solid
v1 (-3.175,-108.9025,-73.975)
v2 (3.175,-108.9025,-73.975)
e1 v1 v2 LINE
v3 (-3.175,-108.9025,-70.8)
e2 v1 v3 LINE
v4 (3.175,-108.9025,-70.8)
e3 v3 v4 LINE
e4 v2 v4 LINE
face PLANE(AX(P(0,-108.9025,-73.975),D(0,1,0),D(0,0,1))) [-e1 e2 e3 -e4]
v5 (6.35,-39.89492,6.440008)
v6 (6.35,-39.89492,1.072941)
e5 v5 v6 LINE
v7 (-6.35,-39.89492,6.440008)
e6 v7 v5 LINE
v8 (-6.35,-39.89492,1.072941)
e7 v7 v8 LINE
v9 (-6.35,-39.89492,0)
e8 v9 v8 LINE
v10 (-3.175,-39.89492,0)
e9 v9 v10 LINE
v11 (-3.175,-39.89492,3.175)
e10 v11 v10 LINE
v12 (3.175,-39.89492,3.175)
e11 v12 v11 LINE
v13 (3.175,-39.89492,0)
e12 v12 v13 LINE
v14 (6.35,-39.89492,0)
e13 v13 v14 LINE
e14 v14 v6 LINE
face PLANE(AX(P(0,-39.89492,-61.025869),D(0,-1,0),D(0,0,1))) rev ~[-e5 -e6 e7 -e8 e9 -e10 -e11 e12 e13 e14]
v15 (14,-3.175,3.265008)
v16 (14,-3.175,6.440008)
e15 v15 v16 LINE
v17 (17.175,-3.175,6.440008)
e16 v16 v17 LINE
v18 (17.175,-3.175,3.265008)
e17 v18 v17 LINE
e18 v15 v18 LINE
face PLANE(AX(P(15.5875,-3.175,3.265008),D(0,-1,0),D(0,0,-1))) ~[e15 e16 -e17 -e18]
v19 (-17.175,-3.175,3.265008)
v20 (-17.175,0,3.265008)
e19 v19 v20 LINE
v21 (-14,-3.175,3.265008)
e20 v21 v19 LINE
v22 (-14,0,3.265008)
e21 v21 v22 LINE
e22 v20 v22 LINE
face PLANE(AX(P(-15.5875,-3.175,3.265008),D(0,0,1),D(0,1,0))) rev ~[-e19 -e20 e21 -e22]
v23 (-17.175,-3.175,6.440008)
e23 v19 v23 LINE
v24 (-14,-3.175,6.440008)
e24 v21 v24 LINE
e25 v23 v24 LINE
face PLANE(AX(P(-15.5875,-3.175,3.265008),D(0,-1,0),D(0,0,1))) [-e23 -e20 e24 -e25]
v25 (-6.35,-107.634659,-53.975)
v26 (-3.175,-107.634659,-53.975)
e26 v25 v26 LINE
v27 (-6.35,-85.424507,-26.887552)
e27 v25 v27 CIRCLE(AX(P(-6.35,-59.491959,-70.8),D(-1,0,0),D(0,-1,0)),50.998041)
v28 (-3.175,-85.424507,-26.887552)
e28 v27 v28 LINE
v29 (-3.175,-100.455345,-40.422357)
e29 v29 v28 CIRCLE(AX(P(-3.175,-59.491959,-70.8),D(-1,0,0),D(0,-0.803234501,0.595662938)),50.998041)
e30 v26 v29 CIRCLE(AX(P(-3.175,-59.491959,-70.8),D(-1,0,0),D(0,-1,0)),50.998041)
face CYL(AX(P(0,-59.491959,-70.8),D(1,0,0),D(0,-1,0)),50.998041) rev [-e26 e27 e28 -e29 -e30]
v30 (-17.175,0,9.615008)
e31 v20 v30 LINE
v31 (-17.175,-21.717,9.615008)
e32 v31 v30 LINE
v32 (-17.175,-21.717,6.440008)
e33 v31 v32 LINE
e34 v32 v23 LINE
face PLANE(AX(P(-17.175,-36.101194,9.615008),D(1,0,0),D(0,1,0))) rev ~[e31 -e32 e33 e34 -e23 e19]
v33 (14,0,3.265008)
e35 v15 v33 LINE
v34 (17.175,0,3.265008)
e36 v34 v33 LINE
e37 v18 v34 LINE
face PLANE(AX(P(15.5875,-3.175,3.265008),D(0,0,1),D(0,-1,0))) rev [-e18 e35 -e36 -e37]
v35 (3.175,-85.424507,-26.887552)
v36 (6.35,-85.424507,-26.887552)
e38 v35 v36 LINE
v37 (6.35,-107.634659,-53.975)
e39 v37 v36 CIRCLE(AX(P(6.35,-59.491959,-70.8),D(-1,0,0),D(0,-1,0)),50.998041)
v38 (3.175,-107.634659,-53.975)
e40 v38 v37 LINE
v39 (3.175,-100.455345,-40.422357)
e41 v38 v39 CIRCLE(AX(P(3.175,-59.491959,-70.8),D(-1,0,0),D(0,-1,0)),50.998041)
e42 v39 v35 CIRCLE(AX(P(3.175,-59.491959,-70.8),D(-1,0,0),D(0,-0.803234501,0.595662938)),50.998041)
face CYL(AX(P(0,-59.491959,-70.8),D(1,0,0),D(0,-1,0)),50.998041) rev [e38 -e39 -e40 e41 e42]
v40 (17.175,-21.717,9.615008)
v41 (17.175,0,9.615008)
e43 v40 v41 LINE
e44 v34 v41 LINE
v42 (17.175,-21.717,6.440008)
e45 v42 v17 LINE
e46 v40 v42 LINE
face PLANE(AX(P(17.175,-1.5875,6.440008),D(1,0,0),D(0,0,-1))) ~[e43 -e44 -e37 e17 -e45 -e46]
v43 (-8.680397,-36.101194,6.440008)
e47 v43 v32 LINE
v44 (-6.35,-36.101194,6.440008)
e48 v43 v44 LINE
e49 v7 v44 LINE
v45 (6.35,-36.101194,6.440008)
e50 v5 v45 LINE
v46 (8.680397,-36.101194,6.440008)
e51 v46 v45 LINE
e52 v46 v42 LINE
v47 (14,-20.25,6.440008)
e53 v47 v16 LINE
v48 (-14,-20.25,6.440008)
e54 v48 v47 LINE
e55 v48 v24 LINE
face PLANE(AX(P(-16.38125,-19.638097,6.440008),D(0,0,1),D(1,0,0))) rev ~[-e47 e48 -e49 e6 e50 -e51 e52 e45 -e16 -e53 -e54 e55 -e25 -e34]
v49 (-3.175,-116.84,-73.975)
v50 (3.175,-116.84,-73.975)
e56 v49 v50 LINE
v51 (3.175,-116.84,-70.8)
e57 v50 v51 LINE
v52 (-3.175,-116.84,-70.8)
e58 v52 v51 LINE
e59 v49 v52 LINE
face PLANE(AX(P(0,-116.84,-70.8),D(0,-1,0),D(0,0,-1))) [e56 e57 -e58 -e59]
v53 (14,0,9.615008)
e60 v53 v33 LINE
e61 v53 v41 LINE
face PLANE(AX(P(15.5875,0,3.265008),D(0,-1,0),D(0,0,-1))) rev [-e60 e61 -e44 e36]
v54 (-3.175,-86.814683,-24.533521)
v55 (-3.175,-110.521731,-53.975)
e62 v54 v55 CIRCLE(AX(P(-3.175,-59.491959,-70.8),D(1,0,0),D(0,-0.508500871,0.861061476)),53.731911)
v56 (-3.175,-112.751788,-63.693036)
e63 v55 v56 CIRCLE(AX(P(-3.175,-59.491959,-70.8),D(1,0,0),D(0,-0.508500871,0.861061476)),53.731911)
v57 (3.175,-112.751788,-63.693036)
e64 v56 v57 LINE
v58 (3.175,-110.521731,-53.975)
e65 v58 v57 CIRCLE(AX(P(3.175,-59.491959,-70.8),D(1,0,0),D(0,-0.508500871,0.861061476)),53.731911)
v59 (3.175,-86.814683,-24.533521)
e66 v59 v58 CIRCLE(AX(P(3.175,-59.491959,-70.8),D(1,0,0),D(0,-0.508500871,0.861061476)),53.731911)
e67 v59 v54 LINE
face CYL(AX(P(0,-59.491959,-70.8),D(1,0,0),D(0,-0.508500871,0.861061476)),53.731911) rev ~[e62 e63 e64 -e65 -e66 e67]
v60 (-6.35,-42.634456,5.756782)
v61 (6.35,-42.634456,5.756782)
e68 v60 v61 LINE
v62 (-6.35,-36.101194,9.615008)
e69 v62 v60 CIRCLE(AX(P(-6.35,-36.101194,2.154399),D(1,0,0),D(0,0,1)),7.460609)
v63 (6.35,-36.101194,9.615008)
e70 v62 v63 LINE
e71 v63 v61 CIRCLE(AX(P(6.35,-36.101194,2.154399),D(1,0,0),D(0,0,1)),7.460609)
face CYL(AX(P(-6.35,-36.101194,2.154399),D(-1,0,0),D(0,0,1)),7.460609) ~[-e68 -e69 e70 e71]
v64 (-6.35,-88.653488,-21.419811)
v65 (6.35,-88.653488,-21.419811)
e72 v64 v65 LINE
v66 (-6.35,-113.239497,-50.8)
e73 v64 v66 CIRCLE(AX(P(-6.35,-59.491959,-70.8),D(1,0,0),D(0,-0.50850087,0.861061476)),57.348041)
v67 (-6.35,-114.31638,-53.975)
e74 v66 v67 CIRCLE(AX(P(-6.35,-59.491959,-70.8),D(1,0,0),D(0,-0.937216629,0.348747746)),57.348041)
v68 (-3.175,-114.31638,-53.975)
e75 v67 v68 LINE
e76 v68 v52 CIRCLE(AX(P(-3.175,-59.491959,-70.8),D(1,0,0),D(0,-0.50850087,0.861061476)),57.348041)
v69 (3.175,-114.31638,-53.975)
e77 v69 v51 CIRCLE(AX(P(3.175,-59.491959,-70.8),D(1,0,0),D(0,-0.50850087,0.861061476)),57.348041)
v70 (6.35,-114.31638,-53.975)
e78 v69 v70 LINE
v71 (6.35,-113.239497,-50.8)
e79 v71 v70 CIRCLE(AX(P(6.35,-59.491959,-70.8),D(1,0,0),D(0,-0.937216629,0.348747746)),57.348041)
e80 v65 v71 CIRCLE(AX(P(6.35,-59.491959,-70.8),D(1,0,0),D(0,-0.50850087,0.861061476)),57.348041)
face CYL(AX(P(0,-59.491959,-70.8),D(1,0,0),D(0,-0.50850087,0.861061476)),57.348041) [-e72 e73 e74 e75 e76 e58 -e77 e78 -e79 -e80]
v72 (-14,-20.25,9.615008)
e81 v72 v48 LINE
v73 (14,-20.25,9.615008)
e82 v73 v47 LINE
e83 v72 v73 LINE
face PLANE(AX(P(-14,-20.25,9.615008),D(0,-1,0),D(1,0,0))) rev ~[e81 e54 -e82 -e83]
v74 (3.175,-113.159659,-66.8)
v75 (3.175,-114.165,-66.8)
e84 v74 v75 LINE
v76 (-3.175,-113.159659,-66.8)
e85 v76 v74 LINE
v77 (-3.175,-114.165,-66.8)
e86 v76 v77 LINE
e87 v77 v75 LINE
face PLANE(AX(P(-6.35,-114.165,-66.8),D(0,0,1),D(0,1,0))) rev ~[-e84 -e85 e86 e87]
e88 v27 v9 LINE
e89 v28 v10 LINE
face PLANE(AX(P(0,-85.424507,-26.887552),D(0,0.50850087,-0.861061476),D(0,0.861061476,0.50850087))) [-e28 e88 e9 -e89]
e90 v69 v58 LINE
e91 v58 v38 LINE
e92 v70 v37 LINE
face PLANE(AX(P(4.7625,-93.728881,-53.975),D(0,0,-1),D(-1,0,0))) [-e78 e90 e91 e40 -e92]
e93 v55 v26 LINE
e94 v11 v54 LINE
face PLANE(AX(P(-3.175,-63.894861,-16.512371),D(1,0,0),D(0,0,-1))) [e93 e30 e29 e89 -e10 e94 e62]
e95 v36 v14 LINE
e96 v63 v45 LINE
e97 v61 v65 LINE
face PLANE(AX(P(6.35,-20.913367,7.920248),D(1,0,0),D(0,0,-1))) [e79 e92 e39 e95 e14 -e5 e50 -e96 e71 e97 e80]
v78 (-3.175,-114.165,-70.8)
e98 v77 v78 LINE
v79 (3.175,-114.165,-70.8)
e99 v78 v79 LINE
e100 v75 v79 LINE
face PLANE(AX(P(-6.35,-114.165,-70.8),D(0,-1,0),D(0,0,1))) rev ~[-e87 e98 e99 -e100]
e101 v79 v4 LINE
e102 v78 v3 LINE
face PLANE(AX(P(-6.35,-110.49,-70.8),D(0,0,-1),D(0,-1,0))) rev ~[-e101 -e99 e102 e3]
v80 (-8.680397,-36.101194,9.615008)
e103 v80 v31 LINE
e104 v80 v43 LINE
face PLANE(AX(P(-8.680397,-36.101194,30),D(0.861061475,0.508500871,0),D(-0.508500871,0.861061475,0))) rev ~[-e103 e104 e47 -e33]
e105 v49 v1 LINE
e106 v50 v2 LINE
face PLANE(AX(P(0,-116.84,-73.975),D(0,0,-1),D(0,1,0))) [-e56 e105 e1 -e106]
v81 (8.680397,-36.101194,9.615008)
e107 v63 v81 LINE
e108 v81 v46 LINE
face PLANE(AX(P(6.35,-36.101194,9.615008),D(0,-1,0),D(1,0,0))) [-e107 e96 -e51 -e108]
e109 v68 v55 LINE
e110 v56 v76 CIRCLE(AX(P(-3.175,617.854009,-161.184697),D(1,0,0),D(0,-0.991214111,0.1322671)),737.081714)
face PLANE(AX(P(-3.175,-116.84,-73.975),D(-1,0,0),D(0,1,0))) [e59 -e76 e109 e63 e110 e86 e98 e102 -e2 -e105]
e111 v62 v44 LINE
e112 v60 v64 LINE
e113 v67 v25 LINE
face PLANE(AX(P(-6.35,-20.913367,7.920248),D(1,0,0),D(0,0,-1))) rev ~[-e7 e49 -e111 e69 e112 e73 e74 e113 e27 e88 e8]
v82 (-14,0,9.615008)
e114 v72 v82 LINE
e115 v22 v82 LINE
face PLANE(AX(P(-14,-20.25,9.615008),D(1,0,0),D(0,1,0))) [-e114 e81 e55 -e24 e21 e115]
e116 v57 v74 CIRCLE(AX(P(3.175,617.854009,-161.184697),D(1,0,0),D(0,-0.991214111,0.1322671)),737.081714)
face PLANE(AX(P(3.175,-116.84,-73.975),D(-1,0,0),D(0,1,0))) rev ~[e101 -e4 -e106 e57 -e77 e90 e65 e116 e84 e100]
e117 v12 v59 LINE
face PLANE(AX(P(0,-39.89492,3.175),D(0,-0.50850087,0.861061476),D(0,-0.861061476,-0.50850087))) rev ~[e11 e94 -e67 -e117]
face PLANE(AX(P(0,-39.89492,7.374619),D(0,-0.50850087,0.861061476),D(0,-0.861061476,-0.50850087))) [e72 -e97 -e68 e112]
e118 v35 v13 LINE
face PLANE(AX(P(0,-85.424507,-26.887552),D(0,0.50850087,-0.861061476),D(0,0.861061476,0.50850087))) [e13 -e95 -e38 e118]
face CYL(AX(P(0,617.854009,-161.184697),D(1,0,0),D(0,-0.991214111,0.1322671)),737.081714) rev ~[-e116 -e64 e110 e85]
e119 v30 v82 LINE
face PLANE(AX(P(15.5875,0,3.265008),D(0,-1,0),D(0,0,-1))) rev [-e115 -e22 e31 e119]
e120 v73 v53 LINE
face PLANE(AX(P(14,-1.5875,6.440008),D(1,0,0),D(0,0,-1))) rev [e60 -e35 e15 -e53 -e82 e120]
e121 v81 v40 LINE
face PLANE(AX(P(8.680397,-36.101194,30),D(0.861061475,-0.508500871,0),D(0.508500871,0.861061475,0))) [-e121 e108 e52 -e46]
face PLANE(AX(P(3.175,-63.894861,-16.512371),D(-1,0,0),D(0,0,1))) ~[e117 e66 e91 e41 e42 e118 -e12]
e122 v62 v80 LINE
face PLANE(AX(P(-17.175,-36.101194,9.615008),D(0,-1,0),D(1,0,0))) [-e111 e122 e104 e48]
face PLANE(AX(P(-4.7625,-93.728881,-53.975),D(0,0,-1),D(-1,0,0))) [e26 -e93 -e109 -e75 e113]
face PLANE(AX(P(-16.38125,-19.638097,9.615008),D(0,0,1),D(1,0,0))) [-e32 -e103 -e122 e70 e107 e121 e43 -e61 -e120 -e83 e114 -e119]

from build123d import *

# Parameters (mm, degrees)
SKETCH5_W           = 12.880016042
SKETCH5_H           = 15.834691301
CUT_EXTRUDE2_DEPTH  = 7.62
CUT_EXTRUDE6_REACH  = 62
SKETCH11_W          = 3.175
SKETCH11_H          = 3.175
BOSS_EXTRUDE1_DEPTH = 6.35
CUT_EXTRUDE4_DEPTH  = 3.175
SKETCH10_W          = 4
SKETCH10_H          = 0.5
CUT_EXTRUDE5_DEPTH  = 37.349999944
CUT_EXTRUDE7_DEPTH  = 40.64
BOSS_EXTRUDE3_DEPTH = 12.7
SKETCH19_W          = 21.319602533
SKETCH19_H          = 36.10119369
CUT_EXTRUDE10_DEPTH = 13.7
SKETCH21_W          = 9.2375
SKETCH21_H          = 32.92619369
SKETCH21_H_2        = 3.175
BOSS_EXTRUDE4_DEPTH = 3.175
SKETCH15_W          = 6.35
SKETCH15_H          = 3.175
BOSS_EXTRUDE2_DEPTH = 1.5875
SKETCH17_W          = 3.175
SKETCH17_H          = 46.222237063
CUT_EXTRUDE9_DEPTH  = 20
SKETCH22_W          = 28
SKETCH22_H          = 20.25
CUT_EXTRUDE11_DEPTH = 84.59000802
SKETCH23_W          = 1.5875
SKETCH23_H          = 32.92619369
BOSS_EXTRUDE5_DEPTH = 3.175
CUT_EXTRUDE12_DEPTH = 104.974999944


with BuildPart() as part:
    # Sketch2 → Revolve1 (revolve)
    with BuildSketch(Plane(origin=(0, 0, 0), x_dir=(0, 0, -1), z_dir=(1, 0, 0))):
        Polygon((0, -50.8), (-29.999999944, 0), (0, 0), align=None)
    revolve(axis=Axis((0, 0, 0), (0, -1, 0)))

    # Sketch4 → Cut-Revolve1 (revolve, cut)
    with BuildSketch(Plane(origin=(0, 0, 0), x_dir=(0, 0, -1), z_dir=(1, 0, 0))):
        Polygon((0, -45.72), (-24.919999944, 0), (0, 0), align=None)
    revolve(axis=Axis((0, 16.11457811, 0), (0, -1, 0)), mode=Mode.SUBTRACT)

    # Sketch5 → Cut-Extrude2 (cut, symmetric)
    with BuildSketch(Plane(origin=(0, 0, 0), x_dir=(0, 0, -1), z_dir=(1, 0, 0))):
        with Locations((0, -47.812265381)):
            Rectangle(SKETCH5_W, SKETCH5_H)
    extrude(amount=CUT_EXTRUDE2_DEPTH, both=True, mode=Mode.SUBTRACT)

    # Sketch11 → Cut-Extrude6 (cut, up to next)
    with BuildSketch(Plane.XY.offset(29.999999944), mode=Mode.PRIVATE) as cut_extrude6_sk1:
        with Locations((4.7625, -1.5875)):
            Rectangle(SKETCH11_W, SKETCH11_H)
    cut_extrude6_tool1 = extrude(cut_extrude6_sk1.sketch, amount=-CUT_EXTRUDE6_REACH, mode=Mode.PRIVATE) & part.part
    add(cut_extrude6_tool1.solids().sort_by_distance((4.7625, -1.5875, 30))[0], mode=Mode.SUBTRACT)
    # Sketch11 → Cut-Extrude6 (cut, up to next)
    with BuildSketch(Plane.XY.offset(29.999999944), mode=Mode.PRIVATE) as cut_extrude6_sk2:
        with Locations((-4.7625, -1.5875)):
            Rectangle(SKETCH11_W, SKETCH11_H)
    cut_extrude6_tool2 = extrude(cut_extrude6_sk2.sketch, amount=-CUT_EXTRUDE6_REACH, mode=Mode.PRIVATE) & part.part
    add(cut_extrude6_tool2.solids().sort_by_distance((-4.7625, -1.5875, 30))[0], mode=Mode.SUBTRACT)

    # Sketch6 → Boss-Extrude1 (add, symmetric)
    with BuildSketch(Plane(origin=(0, 0, 0), x_dir=(0, 0, -1), z_dir=(1, 0, 0))):
        with BuildLine():
            Line((0, -39.89491973), (-7.374618631, -39.89491973))
            Line((-7.374618631, -39.89491973), (21.419811292, -88.653487823))
            ThreePointArc((21.419811292, -88.653487823), (33.996187642, -103.472377364), (50.8, -113.239496671))
            ThreePointArc((50.8, -113.239496671), (60.639246777, -115.932696949), (70.8, -116.84))
            Line((70.8, -116.84), (73.975, -116.84))
            Line((73.975, -116.84), (73.975, -108.9025))
            Line((73.975, -108.9025), (70.8, -108.9025))
            Line((70.8, -108.9025), (70.8, -110.49))
            ThreePointArc((70.8, -110.49), (45.518672683, -103.782529931), (26.887551662, -85.424507296))
            Line((26.887551662, -85.424507296), (0, -39.89491973))
        make_face()
        Polygon((-30.934610553, 0), (-7.374618631, -39.89491973), (0, -39.89491973), (-23.559991923, 0), align=None)
    extrude(amount=BOSS_EXTRUDE1_DEPTH, both=True)

    # Sketch7 → Cut-Extrude4 (cut)
    with BuildSketch(Plane(origin=(0, 0, 0), x_dir=(0, 0, -1), z_dir=(1, 0, 0))):
        with BuildLine():
            Line((-3.175, -39.89491973), (24.533521366, -86.814682665))
            ThreePointArc((24.533521366, -86.814682665), (41.129063901, -104.288765008), (63.693035948, -112.75178759))
            ThreePointArc((63.693035948, -112.75178759), (67.245408265, -113.217029966), (70.8, -113.665))
            Line((70.8, -113.665), (70.8, -110.49))
            ThreePointArc((70.8, -110.49), (54.803942003, -107.916398221), (40.422357136, -100.455345061))
            ThreePointArc((40.422357136, -100.455345061), (32.902296459, -93.617671422), (26.887551662, -85.424507296))
            Line((26.887551662, -85.424507296), (-23.559991923, 0))
            Line((-23.559991923, 0), (-26.734991923, 0))
            Line((-26.734991923, 0), (-3.175, -39.89491973))
        make_face()
    cut_extrude4 = extrude(amount=-CUT_EXTRUDE4_DEPTH, mode=Mode.SUBTRACT)

    # Mirror1: Cut-Extrude4 across plane
    add(cut_extrude4.mirror(Plane(origin=(0, 0, 0), x_dir=(0, 0, 1), z_dir=(1, 0, 0))), mode=Mode.SUBTRACT)

    # Sketch9 → Cut-Revolve2 (revolve, cut)
    with BuildSketch(Plane(origin=(0, 0, 0), x_dir=(0, 0, -1), z_dir=(1, 0, 0))):
        Polygon((0, 0), (-24.9199908, 0), (-0.536470716, -39.89491973), (0, -39.89491973), align=None)
    revolve(axis=Axis((0, 16.11457811, 0), (0, -1, 0)), mode=Mode.SUBTRACT)

    # Sketch10 → Cut-Extrude5 (cut, through all)
    with BuildSketch(Plane.ZY.offset(6.35)):
        with BuildLine():
            Line((-66.8, -113.665), (-66.8, -110.332889222))
            ThreePointArc((-66.8, -110.332889222), (-68.798457857, -110.450707168), (-70.8, -110.49))
            Line((-70.8, -110.49), (-70.8, -113.665))
            Line((-70.8, -113.665), (-66.8, -113.665))
        make_face()
        with Locations((-68.8, -113.915)):
            Rectangle(SKETCH10_W, SKETCH10_H)
    extrude(amount=-CUT_EXTRUDE5_DEPTH, mode=Mode.SUBTRACT)

    # Sketch12 → Cut-Extrude7 (cut, symmetric)
    with BuildSketch(Plane.ZY):
        Polygon((30, 0), (-61.025869449, 0), (-61.025869449, -39.89491973), (-6.440008021, -39.89491973), (6.44000802, -39.89491973), (27.945214206, -3.175), align=None)
    extrude(amount=CUT_EXTRUDE7_DEPTH, both=True, mode=Mode.SUBTRACT)

    # Sketch18 → Boss-Extrude3 (add)
    with BuildSketch(Plane.ZY.offset(6.35)):
        with BuildLine():
            Line((6.44000802, -39.89491973), (6.44000802, 0))
            Line((6.44000802, 0), (9.61500802, 0))
            Line((9.61500802, 0), (9.61500802, -34.473639686))
            Line((9.61500802, -34.473639686), (9.61500802, -36.10119369))
            ThreePointArc((9.61500802, -36.10119369), (8.57844205, -39.89491973), (5.756782033, -42.634456374))
            Line((5.756782033, -42.634456374), (6.44000802, -41.477527034))
            Line((6.44000802, -41.477527034), (6.44000802, -39.89491973))
        make_face()
    extrude(amount=-BOSS_EXTRUDE3_DEPTH)

    # Sketch19 → Cut-Extrude10 (cut, through all)
    with BuildSketch(Plane.ZY.offset(6.35)):
        with Locations((20.274809287, -18.050596845)):
            Rectangle(SKETCH19_W, SKETCH19_H)
    extrude(amount=-CUT_EXTRUDE10_DEPTH, mode=Mode.SUBTRACT)

    # Sketch21 → Boss-Extrude4 (add)
    with BuildSketch(Plane.XY.offset(9.61500802)):
        with Locations((-10.96875, -19.638096845)):
            Rectangle(SKETCH21_W, SKETCH21_H)
        with Locations((10.96875, -19.638096845)):
            Rectangle(SKETCH21_W, SKETCH21_H)
        with Locations((10.96875, -1.5875)):
            Rectangle(SKETCH21_W, SKETCH21_H_2)
        with Locations((-10.96875, -1.5875)):
            Rectangle(SKETCH21_W, SKETCH21_H_2)
    extrude(amount=-BOSS_EXTRUDE4_DEPTH)

    # Sketch15 → Boss-Extrude2 (add, symmetric)
    with BuildSketch(Plane.ZY.offset(15.5875)):
        with Locations((6.44000802, -1.5875)):
            Rectangle(SKETCH15_W, SKETCH15_H)
    boss_extrude2 = extrude(amount=BOSS_EXTRUDE2_DEPTH, both=True)

    # Mirror2: Boss-Extrude2 across plane
    add(boss_extrude2.mirror(Plane(origin=(0, 0, 0), x_dir=(0, 0, 1), z_dir=(1, 0, 0))))

    # Sketch17 → Cut-Extrude9 (cut)
    with BuildSketch(Plane(origin=(0, 0, -73.975), x_dir=(-1, 0, 0), z_dir=(0, 0, -1))):
        with Locations((-4.7625, -93.728881469)):
            Rectangle(SKETCH17_W, SKETCH17_H)
        with Locations((4.7625, -93.728881469)):
            Rectangle(SKETCH17_W, SKETCH17_H)
    extrude(amount=-CUT_EXTRUDE9_DEPTH, mode=Mode.SUBTRACT)

    # Sketch22 → Cut-Extrude11 (cut, through all)
    with BuildSketch(Plane.XY.offset(9.61500802)):
        with Locations((0, -10.125)):
            Rectangle(SKETCH22_W, SKETCH22_H)
    extrude(amount=-CUT_EXTRUDE11_DEPTH, mode=Mode.SUBTRACT)

    # Sketch23 → Boss-Extrude5 (add)
    with BuildSketch(Plane.XY.offset(9.61500802)):
        with Locations((-16.38125, -19.638096845)):
            Rectangle(SKETCH23_W, SKETCH23_H)
        with Locations((16.38125, -19.638096845)):
            Rectangle(SKETCH23_W, SKETCH23_H)
    extrude(amount=-BOSS_EXTRUDE5_DEPTH)

    # Sketch24 → Cut-Extrude12 (cut, through all)
    with BuildSketch(Plane.XY.offset(29.999999944)):
        Polygon((-17.175, -36.10119369), (-8.68039741, -36.10119369), (-17.175, -21.71699995), align=None)
        Polygon((17.175, -21.71699995), (17.175, -36.10119369), (8.68039741, -36.10119369), align=None)
    extrude(amount=-CUT_EXTRUDE12_DEPTH, mode=Mode.SUBTRACT)


solid = part.part
